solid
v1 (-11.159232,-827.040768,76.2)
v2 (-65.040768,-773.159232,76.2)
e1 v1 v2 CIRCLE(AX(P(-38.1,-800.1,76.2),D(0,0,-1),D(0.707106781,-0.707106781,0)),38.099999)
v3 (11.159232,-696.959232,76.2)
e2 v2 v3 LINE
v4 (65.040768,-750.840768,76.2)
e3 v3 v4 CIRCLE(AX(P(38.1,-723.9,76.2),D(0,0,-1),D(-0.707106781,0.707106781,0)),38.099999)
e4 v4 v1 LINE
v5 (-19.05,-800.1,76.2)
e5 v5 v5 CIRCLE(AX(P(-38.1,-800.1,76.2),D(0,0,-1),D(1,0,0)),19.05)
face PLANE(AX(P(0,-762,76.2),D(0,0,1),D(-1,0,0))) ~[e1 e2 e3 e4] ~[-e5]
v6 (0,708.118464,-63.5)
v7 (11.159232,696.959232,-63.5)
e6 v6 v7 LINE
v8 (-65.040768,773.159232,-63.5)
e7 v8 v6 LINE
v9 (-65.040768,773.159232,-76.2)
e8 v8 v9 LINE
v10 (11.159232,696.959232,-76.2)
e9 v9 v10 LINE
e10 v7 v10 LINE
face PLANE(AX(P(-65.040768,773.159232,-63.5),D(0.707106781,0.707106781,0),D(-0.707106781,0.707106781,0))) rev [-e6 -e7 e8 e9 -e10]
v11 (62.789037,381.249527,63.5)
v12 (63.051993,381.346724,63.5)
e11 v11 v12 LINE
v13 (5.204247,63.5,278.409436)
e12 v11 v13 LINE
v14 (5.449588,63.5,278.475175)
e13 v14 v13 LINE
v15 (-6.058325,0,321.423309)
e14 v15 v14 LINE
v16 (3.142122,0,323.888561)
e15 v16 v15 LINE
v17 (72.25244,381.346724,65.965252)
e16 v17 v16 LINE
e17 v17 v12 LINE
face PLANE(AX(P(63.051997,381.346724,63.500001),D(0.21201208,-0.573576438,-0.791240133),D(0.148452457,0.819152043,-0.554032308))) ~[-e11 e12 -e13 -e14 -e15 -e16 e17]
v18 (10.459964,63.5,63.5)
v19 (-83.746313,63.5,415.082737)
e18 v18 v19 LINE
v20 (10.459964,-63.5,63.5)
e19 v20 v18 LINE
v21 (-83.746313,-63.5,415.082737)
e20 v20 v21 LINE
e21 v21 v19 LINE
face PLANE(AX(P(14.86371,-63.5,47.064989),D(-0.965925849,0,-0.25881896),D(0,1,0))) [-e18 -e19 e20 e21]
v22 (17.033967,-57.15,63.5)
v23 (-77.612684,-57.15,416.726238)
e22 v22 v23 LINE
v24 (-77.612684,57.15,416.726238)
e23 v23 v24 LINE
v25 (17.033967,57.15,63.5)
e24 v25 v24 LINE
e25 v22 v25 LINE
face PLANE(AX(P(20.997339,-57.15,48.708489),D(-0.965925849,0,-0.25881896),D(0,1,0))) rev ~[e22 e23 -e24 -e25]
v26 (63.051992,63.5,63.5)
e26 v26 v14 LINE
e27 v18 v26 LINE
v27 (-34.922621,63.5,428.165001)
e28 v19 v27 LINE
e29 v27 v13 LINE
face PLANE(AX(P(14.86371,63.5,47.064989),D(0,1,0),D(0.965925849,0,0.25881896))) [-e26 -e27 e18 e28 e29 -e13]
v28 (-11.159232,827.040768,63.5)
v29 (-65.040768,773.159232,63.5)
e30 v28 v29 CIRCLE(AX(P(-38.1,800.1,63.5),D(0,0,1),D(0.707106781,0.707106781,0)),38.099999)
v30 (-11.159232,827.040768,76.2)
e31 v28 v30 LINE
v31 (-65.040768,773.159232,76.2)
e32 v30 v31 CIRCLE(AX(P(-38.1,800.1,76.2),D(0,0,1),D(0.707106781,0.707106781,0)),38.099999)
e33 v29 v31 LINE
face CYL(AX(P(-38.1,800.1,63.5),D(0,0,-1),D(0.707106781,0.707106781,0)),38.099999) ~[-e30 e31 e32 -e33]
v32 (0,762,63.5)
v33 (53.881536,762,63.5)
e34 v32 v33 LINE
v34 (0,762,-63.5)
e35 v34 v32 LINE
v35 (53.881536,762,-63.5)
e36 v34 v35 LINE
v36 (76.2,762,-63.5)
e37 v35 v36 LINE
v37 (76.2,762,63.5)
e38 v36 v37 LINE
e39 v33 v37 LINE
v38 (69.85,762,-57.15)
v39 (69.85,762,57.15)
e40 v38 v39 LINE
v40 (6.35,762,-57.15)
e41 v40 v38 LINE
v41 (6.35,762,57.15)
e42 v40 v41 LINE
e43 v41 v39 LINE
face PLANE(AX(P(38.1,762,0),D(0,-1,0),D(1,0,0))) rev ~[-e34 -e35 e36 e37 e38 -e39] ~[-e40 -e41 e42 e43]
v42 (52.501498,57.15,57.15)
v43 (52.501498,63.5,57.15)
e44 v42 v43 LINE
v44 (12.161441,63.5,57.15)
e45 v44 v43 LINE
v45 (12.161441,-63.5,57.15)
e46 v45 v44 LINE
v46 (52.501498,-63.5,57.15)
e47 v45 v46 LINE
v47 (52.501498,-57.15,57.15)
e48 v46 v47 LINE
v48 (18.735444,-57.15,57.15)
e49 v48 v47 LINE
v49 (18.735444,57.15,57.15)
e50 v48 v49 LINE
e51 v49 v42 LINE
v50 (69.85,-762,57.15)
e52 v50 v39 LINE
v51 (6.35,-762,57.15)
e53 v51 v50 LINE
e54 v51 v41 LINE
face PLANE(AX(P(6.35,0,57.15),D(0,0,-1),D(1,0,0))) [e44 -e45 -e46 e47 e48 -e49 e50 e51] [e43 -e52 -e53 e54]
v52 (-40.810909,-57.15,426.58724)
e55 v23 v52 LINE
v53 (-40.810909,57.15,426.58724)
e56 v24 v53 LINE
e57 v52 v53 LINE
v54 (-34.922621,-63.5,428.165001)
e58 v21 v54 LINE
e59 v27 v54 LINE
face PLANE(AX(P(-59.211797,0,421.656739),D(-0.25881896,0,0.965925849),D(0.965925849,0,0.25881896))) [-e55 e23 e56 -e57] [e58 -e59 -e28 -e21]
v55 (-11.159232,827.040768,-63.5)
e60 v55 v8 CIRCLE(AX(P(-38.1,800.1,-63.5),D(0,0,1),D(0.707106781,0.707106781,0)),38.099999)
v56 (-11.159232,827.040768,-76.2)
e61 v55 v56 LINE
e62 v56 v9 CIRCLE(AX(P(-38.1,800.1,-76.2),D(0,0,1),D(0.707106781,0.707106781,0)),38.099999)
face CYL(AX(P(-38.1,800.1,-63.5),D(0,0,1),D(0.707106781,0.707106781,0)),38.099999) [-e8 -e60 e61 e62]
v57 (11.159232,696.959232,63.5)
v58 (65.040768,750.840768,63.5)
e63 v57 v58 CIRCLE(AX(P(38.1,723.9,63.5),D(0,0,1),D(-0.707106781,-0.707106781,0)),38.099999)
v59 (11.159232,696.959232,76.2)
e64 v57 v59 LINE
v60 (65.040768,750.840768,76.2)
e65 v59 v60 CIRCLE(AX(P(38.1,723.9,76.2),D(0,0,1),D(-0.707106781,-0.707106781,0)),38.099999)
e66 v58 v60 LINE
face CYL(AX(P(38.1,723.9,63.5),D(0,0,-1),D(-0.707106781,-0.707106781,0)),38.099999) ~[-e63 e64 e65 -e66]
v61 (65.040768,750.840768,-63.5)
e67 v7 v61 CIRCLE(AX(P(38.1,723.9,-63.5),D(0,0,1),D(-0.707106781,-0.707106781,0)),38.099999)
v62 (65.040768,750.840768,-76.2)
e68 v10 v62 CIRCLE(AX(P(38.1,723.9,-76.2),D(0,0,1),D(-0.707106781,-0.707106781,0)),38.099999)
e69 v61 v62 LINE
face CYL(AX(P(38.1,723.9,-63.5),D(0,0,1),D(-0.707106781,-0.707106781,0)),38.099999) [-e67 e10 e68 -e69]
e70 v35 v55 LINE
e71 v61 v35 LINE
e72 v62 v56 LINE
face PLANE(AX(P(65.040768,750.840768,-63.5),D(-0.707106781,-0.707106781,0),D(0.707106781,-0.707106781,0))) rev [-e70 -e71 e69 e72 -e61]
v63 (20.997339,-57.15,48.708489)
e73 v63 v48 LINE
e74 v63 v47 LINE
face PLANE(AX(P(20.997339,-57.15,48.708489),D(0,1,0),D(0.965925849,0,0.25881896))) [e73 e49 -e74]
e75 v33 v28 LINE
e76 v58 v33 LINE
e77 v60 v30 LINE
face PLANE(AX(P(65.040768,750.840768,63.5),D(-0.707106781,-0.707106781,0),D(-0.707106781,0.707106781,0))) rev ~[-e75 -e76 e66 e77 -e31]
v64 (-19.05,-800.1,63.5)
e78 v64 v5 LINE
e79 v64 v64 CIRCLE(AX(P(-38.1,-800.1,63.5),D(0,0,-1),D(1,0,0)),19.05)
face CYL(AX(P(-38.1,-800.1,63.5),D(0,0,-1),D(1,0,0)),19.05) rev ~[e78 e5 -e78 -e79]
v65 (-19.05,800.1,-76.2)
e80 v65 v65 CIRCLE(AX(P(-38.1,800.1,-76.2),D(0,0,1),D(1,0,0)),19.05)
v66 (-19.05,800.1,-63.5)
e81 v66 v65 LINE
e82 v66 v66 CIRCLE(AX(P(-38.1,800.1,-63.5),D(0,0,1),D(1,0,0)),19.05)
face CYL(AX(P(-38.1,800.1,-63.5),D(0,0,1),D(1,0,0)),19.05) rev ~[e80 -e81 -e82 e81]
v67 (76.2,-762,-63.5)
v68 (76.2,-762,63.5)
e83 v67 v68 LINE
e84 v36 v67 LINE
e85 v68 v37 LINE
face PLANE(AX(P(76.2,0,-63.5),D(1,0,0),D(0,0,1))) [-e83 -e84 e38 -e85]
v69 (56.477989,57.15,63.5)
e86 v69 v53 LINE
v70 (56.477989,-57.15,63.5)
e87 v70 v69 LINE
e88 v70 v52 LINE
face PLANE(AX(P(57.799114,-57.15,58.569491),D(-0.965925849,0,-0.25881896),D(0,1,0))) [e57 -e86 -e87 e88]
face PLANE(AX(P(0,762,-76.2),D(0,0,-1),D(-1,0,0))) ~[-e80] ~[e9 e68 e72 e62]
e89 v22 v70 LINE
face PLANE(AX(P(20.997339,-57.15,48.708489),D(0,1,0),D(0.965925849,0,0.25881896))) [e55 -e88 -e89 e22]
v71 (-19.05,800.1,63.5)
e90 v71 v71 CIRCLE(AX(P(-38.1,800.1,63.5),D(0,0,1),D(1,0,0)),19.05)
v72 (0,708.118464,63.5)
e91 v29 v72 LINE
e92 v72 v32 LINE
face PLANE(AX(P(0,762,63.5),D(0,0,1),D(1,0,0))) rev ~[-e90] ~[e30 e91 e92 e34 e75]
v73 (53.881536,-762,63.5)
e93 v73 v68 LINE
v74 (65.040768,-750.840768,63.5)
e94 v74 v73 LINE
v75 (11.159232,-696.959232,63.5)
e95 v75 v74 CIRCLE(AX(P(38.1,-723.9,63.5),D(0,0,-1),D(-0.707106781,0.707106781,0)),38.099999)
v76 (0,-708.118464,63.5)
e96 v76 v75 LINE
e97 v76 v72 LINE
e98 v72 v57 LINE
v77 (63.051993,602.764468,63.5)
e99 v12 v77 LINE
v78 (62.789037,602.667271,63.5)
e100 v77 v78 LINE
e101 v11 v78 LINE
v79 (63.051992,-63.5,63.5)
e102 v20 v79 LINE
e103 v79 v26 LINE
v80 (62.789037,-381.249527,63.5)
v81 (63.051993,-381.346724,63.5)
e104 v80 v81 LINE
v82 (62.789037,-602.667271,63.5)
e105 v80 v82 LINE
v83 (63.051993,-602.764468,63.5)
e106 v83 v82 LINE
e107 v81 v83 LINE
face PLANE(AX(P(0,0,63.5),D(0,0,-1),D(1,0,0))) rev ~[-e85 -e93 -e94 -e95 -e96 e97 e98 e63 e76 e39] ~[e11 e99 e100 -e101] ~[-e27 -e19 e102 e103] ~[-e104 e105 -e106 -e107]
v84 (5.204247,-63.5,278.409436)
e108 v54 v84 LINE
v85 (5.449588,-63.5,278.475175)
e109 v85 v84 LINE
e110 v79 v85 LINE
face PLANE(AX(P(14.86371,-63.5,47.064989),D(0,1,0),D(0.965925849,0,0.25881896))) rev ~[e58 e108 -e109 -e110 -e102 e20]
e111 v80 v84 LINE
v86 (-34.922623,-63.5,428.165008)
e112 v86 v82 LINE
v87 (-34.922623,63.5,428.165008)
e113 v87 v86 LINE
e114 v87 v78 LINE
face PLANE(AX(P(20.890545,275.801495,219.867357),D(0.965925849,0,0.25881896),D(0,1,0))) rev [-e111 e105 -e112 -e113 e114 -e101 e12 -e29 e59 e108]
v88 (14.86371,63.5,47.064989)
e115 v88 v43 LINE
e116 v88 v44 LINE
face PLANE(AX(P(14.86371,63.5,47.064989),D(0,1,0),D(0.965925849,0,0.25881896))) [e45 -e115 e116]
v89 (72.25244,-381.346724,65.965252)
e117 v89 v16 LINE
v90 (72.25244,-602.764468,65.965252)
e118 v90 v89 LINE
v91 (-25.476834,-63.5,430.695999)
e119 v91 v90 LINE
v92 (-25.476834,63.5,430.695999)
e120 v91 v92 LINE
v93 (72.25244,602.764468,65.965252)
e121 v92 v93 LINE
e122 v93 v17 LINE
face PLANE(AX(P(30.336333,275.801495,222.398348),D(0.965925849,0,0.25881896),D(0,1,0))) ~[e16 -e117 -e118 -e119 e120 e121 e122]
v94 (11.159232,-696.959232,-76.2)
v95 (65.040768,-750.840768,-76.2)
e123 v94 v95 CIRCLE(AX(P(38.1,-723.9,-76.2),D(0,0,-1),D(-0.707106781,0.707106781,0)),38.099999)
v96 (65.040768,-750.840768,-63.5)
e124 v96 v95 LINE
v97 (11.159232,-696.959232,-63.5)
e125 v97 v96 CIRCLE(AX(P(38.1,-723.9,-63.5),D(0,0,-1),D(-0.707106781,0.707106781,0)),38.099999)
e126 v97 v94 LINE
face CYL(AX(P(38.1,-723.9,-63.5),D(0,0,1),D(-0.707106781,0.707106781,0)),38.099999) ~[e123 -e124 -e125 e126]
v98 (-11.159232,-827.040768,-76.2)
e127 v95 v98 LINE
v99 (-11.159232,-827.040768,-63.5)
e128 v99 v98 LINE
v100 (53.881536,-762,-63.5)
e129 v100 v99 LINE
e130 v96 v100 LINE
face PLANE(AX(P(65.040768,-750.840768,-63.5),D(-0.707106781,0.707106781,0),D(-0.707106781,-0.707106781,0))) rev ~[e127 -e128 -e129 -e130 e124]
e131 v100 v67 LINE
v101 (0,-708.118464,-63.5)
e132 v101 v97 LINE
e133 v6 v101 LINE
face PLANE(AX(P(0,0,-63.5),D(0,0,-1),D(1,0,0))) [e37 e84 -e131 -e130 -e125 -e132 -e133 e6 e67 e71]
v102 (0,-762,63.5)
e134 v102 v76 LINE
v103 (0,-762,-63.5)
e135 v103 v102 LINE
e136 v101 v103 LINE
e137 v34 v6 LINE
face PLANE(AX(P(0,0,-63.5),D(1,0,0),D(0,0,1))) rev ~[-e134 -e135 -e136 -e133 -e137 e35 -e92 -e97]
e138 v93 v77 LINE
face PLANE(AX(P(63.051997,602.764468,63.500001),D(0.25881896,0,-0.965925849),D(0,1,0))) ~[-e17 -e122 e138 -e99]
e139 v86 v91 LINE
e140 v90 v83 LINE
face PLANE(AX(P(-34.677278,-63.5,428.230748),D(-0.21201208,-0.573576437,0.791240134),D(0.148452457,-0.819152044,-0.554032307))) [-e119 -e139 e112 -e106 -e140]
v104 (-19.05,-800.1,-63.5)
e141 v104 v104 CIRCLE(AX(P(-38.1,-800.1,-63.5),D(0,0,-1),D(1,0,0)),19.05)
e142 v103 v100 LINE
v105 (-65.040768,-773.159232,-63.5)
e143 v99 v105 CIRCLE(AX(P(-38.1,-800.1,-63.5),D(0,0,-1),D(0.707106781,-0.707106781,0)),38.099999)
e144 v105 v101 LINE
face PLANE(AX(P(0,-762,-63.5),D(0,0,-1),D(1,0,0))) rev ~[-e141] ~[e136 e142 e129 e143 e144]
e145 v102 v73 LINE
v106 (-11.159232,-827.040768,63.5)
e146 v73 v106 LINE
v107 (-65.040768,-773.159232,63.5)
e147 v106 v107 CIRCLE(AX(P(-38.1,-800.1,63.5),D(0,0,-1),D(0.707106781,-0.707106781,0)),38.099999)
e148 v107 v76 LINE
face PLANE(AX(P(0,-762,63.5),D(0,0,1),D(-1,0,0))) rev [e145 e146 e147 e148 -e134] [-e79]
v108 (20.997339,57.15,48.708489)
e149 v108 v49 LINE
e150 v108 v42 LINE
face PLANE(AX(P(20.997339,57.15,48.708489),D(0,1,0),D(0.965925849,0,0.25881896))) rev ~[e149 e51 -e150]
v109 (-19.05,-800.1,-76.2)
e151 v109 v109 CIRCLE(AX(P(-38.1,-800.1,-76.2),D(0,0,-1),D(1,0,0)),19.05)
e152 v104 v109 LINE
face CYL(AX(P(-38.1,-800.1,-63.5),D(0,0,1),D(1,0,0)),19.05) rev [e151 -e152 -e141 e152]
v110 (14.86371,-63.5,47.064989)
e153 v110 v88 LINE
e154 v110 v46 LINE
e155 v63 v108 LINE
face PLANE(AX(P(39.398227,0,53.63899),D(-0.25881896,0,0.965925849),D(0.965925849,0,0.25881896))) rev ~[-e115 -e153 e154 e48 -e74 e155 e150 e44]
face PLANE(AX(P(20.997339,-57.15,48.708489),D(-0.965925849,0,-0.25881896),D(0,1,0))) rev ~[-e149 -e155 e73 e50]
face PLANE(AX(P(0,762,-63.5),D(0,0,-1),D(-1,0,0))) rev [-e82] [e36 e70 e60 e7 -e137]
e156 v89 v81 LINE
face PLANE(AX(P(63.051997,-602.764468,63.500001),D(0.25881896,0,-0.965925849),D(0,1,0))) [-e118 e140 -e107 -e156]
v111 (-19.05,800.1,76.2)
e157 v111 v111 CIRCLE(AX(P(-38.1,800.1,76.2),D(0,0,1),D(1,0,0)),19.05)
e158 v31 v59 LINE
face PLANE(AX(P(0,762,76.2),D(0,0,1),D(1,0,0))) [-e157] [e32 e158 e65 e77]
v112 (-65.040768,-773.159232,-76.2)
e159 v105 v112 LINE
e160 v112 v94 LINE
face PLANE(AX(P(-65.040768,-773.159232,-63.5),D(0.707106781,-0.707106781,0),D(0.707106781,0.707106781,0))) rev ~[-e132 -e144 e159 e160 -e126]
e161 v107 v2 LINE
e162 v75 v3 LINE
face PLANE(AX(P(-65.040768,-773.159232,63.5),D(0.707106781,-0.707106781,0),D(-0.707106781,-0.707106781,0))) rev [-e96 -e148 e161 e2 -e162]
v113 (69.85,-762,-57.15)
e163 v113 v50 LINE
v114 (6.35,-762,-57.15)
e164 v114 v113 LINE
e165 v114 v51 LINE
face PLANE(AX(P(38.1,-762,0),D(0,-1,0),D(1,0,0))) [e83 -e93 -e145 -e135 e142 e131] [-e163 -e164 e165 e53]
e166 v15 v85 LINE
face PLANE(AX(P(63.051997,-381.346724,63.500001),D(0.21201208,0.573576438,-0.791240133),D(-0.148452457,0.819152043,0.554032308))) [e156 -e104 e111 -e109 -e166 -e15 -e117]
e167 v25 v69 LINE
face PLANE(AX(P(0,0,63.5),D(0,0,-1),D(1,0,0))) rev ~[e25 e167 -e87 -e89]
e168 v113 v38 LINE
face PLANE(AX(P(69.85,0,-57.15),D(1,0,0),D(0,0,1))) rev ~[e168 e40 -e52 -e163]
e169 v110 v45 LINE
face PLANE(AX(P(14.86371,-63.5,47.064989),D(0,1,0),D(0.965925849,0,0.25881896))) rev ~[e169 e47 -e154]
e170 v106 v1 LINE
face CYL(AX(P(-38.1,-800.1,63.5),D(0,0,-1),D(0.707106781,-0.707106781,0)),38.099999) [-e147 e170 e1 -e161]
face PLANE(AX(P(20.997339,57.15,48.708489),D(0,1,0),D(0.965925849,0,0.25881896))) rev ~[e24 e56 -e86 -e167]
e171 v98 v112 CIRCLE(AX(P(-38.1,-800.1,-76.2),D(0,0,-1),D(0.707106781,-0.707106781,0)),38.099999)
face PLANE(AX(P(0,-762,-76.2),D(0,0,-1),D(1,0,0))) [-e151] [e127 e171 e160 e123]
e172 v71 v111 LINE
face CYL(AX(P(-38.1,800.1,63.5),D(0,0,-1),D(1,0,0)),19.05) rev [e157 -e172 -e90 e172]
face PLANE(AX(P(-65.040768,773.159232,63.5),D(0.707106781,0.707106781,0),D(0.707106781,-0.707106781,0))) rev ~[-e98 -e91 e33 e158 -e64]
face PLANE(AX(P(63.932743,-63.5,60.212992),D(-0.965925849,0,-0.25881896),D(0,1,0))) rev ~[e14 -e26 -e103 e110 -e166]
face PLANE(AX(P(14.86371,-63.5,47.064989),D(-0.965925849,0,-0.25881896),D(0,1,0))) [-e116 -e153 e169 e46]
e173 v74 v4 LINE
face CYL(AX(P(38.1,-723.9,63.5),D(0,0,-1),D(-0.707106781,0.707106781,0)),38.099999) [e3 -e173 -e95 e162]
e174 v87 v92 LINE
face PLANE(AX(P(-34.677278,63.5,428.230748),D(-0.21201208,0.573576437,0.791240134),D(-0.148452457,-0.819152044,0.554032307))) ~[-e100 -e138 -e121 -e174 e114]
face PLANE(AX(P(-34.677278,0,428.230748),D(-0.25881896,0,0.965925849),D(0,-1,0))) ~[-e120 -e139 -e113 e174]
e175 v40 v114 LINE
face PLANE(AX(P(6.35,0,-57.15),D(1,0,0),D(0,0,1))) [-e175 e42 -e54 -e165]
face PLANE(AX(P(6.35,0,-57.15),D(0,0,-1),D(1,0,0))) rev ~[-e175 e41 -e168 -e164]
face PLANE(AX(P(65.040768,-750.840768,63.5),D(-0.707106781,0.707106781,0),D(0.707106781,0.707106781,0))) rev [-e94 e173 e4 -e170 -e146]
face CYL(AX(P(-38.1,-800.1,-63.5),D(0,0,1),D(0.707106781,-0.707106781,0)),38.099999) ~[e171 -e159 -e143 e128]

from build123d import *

# Parameters (mm, degrees)
F0_W           = 76.2
F0_H           = 127
F0_W_2         = 63.5
F0_H_2         = 114.3
F1_DEPTH       = 762
F2_R           = 19.05
F3_DEPTH       = 12.7
F9_W           = 50.8
F9_H           = 127
F9_W_2         = 38.1
F9_H_2         = 114.3
F10_DEPTH      = 381
F12_DEPTH      = 9.525
F12_DEPTH_BACK = 0.254


with BuildPart() as f1:
    # F0 (on Front) → F1 (new body, symmetric)
    with BuildSketch(Plane.XZ):
        with Locations((38.1, 0)):
            Rectangle(F0_W, F0_H)
        with Locations((38.1, 0)):
            Rectangle(F0_W_2, F0_H_2, mode=Mode.SUBTRACT)
    extrude(amount=F1_DEPTH, both=True)

    # F2 (on face) → F3 (join)
    with BuildSketch(Plane.XY.offset(63.5)):
        with BuildLine():
            ThreePointArc((-11.159232, 827.040768), (-65.040768, 827.040768), (-65.040768, 773.159232))
            Line((-65.040768, 773.159232), (11.159232, 696.959232))
            ThreePointArc((11.159232, 696.959232), (65.040768, 696.959232), (65.040768, 750.840768))
            Line((65.040768, 750.840768), (-11.159232, 827.040768))
        make_face()
        with Locations((-38.1, 800.1)):
            Circle(F2_R, mode=Mode.SUBTRACT)
    extrude(amount=F3_DEPTH)

    # F4: F1 across plane


with BuildPart() as f1_1:
    add(f1.part)
    add(f1.part.mirror(Plane.XY))

    # F9 (on face) → F10 (join)
    with BuildSketch(Plane(origin=(-10.770568, 0, 40.196307), x_dir=(0.965926, 0, 0.258819), z_dir=(-0.258819, 0, 0.965926))):
        with Locations((51.938557, 0)):
            Rectangle(F9_W, F9_H)
        with Locations((51.938557, 0)):
            Rectangle(F9_W_2, F9_H_2, mode=Mode.SUBTRACT)
    extrude(amount=F10_DEPTH)

    # F11 (on face) → F12 (join, two sides)
    with BuildSketch(Plane(origin=(74.70331, 0, 20.016692), x_dir=(0, 1, 0), z_dir=(0.965926, 0, 0.258819))) as f12_sk:
        Polygon((0, 422.614279), (-63.5, 422.614279), (-602.764468, 45.017233), (-381.346724, 45.017233), (0, 312.039085), align=None)
    extrude(amount=F12_DEPTH)
    extrude(f12_sk.sketch, amount=-F12_DEPTH_BACK)

    # F13: F1 across face


with BuildPart() as f1_2:
    add(f1_1.part)
    add(f1_1.part.mirror(Plane(origin=(-15.767609, 0, 376.059646), x_dir=(-1, 0, 0), z_dir=(0, 1, 0))))


solid = f1_2.part
